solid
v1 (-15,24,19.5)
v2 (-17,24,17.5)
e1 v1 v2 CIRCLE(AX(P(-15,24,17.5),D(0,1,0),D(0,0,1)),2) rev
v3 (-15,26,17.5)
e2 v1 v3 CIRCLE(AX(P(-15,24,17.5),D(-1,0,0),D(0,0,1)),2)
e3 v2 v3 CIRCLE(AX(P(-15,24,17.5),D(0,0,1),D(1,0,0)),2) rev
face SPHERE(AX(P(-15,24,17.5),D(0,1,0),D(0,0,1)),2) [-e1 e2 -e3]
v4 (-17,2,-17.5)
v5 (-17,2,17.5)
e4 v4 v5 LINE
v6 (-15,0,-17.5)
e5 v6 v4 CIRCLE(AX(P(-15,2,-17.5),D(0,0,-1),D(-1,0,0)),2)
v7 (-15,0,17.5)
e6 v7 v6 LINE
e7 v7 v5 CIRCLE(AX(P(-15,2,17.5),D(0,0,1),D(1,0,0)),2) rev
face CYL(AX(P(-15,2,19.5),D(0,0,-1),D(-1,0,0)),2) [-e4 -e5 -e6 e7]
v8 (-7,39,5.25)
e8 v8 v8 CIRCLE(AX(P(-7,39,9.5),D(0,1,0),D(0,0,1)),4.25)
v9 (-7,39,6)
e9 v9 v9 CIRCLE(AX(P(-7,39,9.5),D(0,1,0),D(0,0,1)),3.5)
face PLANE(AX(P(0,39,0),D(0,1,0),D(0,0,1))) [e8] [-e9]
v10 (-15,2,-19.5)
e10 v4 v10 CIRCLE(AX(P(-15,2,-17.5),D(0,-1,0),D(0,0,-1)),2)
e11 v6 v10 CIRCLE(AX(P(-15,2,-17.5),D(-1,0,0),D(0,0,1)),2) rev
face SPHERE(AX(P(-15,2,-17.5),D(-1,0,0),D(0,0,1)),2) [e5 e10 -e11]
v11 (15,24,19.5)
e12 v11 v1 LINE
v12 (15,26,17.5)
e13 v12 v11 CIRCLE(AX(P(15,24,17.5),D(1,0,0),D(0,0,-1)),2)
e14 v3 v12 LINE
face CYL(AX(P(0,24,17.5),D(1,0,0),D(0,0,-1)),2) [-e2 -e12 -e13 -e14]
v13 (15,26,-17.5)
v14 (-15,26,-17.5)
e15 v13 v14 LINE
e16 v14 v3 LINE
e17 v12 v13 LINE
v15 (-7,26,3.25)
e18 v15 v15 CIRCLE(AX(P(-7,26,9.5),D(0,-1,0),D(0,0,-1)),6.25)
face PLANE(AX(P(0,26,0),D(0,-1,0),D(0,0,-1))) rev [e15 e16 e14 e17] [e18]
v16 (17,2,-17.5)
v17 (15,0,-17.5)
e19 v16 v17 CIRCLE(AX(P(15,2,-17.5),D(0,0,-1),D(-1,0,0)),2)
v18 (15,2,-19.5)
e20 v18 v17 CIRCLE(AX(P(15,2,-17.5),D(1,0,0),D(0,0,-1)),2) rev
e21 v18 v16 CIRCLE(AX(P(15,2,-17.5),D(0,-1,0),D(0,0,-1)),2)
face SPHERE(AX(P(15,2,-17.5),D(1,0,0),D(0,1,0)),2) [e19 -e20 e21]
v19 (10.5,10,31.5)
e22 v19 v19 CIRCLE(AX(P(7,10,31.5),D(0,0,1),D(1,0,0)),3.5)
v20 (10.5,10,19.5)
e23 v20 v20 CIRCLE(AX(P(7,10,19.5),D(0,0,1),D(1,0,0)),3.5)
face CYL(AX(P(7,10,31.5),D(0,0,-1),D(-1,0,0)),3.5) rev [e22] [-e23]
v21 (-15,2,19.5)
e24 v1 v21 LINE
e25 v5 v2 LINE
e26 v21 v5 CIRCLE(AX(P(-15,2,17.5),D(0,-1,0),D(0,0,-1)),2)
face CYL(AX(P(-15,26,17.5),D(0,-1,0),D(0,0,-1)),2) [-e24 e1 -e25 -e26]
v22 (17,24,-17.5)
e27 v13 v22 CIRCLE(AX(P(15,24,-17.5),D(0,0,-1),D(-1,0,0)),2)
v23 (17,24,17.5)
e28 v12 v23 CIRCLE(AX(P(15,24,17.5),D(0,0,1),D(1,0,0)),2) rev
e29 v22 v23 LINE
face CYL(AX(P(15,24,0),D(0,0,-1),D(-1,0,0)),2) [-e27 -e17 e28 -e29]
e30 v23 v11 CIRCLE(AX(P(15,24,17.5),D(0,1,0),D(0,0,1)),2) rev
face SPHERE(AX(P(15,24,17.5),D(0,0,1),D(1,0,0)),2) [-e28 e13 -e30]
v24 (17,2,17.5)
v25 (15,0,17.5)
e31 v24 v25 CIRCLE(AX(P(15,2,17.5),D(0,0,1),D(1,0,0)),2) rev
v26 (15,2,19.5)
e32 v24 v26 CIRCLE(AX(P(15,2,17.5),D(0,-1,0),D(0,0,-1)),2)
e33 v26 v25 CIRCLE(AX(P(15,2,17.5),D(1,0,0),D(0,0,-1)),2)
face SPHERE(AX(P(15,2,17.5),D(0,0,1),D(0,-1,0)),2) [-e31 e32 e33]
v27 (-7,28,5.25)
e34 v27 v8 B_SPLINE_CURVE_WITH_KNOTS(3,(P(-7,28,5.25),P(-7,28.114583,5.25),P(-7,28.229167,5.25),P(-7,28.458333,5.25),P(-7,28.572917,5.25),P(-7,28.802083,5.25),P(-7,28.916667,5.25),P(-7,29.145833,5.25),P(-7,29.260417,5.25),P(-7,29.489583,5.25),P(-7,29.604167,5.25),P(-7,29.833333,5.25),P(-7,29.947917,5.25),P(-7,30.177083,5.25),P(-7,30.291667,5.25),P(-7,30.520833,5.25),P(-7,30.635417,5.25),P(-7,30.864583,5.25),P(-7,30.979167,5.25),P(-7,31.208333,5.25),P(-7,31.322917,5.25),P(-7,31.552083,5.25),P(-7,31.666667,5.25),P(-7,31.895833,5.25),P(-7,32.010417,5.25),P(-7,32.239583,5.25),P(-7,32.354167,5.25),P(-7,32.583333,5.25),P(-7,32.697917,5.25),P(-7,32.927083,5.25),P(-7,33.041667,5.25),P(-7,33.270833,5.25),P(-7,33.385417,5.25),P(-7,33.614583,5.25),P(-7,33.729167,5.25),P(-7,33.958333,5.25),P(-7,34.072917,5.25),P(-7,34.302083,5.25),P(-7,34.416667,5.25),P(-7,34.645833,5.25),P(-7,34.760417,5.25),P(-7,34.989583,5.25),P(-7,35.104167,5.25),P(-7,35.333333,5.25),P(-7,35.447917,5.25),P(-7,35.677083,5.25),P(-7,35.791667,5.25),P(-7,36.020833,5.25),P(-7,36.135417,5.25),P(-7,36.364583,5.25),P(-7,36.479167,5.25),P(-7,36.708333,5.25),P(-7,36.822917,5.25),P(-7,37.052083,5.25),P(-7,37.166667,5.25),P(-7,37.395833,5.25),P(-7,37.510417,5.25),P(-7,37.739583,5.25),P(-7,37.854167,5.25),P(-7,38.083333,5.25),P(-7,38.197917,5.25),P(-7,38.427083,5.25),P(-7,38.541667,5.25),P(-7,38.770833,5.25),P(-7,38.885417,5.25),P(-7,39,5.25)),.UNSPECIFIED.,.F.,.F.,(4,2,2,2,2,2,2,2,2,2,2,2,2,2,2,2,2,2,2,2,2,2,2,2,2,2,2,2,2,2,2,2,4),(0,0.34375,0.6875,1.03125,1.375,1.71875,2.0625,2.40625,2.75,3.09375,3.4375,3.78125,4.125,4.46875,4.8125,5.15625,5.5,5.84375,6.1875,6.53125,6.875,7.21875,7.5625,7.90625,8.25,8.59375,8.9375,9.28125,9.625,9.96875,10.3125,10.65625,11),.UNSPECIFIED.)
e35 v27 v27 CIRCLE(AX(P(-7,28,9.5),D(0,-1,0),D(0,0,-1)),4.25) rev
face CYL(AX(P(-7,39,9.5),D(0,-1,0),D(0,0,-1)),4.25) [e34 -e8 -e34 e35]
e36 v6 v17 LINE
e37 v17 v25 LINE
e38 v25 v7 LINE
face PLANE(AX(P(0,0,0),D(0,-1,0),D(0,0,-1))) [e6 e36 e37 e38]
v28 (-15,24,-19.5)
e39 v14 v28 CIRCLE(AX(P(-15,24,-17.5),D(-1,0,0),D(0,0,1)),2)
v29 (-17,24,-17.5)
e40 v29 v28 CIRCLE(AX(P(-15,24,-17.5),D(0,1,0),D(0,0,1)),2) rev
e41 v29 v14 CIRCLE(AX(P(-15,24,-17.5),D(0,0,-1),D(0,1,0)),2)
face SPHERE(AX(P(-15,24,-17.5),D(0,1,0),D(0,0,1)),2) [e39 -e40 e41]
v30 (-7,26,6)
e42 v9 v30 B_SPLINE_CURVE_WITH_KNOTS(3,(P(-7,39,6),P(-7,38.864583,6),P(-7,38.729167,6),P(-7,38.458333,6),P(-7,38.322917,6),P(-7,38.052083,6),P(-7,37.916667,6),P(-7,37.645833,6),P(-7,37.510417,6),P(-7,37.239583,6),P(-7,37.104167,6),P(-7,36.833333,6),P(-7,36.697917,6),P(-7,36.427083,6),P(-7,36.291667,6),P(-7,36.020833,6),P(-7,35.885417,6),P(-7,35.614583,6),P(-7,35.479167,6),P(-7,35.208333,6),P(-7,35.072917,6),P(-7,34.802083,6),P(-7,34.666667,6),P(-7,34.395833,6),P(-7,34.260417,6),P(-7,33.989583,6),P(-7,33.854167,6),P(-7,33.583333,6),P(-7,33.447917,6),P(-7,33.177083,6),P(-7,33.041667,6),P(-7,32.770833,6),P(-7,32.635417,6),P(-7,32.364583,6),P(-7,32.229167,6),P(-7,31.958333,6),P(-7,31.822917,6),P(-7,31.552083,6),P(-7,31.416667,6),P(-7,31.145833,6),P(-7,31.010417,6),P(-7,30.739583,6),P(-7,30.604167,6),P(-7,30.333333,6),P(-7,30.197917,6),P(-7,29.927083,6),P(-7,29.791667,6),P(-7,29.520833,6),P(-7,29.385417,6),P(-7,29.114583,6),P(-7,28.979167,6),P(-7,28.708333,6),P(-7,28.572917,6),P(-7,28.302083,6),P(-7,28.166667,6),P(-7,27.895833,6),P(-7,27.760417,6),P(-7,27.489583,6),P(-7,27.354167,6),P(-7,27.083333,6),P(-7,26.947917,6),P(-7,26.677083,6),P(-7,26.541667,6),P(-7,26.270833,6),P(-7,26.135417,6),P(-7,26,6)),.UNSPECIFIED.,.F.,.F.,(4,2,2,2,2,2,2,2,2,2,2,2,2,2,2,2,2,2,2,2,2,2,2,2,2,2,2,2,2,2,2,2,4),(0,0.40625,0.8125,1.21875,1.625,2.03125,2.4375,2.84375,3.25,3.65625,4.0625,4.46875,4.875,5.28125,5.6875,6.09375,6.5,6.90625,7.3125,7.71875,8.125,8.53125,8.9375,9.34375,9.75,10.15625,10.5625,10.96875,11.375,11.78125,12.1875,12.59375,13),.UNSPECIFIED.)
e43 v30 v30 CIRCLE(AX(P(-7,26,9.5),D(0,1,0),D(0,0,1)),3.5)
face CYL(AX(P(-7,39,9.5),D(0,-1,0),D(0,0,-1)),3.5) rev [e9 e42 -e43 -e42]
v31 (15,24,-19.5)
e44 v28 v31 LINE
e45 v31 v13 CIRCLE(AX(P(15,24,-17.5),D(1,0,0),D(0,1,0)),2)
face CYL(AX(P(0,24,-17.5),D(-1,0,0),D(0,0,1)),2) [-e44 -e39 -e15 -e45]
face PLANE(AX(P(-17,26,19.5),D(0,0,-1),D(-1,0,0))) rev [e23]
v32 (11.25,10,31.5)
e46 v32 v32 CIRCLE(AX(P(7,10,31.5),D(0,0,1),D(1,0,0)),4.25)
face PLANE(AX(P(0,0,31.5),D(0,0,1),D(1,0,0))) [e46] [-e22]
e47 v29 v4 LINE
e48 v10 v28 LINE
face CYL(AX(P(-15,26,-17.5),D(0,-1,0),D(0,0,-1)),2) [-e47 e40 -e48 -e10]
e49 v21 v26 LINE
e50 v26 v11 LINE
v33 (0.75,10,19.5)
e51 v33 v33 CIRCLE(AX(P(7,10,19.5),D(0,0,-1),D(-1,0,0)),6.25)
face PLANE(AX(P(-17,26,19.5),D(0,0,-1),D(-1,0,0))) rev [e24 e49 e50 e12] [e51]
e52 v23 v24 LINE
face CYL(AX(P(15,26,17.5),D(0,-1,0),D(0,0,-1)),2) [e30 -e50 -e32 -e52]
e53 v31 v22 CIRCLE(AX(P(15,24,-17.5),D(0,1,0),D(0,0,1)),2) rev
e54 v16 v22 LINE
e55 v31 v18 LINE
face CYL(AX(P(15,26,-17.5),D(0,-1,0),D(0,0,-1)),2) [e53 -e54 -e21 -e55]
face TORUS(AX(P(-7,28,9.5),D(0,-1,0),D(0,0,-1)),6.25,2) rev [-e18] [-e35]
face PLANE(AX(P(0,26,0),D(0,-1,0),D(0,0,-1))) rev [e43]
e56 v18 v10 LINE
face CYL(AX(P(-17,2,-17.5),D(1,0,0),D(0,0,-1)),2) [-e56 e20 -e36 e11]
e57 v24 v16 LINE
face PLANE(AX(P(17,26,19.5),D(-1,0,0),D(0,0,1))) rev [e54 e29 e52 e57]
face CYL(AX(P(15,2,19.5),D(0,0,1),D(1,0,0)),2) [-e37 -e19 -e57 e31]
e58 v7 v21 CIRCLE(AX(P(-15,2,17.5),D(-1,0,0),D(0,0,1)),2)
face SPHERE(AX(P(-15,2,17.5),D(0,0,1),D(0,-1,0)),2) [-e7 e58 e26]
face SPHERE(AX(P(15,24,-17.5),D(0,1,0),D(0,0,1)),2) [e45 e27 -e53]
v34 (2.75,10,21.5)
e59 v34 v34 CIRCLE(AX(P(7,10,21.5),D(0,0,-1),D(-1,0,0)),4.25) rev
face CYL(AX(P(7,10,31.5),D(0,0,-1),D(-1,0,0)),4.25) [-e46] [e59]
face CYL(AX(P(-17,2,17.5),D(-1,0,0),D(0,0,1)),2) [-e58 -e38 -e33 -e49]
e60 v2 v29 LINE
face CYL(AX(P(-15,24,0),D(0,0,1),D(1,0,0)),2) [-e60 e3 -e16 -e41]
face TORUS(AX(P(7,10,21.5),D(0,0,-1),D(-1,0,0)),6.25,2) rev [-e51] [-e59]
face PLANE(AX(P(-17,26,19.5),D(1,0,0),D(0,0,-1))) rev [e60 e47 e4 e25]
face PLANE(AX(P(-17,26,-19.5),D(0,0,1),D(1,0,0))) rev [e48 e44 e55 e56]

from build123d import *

# Parameters (mm, degrees)
SKETCH1_W           = 34
SKETCH1_H           = 39
BOSS_EXTRUDE1_DEPTH = 26
SKETCH2_R           = 4.25
SKETCH2_R_2         = 3.5
BOSS_EXTRUDE2_DEPTH = 13
SKETCH3_R           = 4.25
SKETCH3_R_2         = 3.5
BOSS_EXTRUDE4_DEPTH = 12
FILLET1_R           = 2
FILLET3_R           = 2
SKETCH5_R           = 2.5
BOSS_EXTRUDE5_DEPTH = 2


with BuildPart() as part:
    # Sketch1 → Boss-Extrude1 (new body)
    with BuildSketch(Plane(origin=(0, 0, 0), x_dir=(1, 0, 0), z_dir=(0, 1, 0))):
        Rectangle(SKETCH1_W, SKETCH1_H)
    extrude(amount=BOSS_EXTRUDE1_DEPTH)

    # Sketch2 → Boss-Extrude2 (add)
    with BuildSketch(Plane(origin=(0, 26, 0), x_dir=(1, 0, 0), z_dir=(0, 1, 0))):
        with Locations(Location((-7, -9.5, 0), (0, 0, 90))):
            Circle(SKETCH2_R)
        with Locations(Location((-7, -9.5, 0), (0, 0, 90))):
            Circle(SKETCH2_R_2, mode=Mode.SUBTRACT)
    extrude(amount=BOSS_EXTRUDE2_DEPTH)

    # Sketch3 → Boss-Extrude4 (add)
    with BuildSketch(Plane.XY.offset(19.5)):
        with Locations(Location((7, 10, 0), (0, 0, 180))):
            Circle(SKETCH3_R)
        with Locations((7, 10)):
            Circle(SKETCH3_R_2, mode=Mode.SUBTRACT)
    extrude(amount=BOSS_EXTRUDE4_DEPTH)

    # Fillet1
    fillet1_edges = [part.edges().sort_by_distance(p)[0] for p in [
        (-17, 26, 0),
        (0, 26, 19.5),
        (17, 26, 0),
        (0, 0, 19.5),
        (-17, 0, 0),
        (0, 0, -19.5),
        (17, 0, 0),
        (17, 13, 19.5),
        (-17, 13, 19.5),
        (-17, 13, -19.5),
        (17, 13, -19.5),
        (0, 26, -19.5),
    ]]
    fillet(fillet1_edges, radius=FILLET1_R)

    # Fillet3
    fillet3_edges = [part.edges().sort_by_distance(p)[0] for p in [
        (-7, 26, 13.75),
        (11.25, 10, 19.5),
    ]]
    fillet(fillet3_edges, radius=FILLET3_R)

    # Sketch5 → Boss-Extrude5 (add)
    with BuildSketch(Plane.XZ):
        Polygon((-15, -6), (-15, 0), (-15, 6), (-27, 6), (-27, -6), align=None)
        with Locations((-22.5, 0)):
            Circle(SKETCH5_R, mode=Mode.SUBTRACT)
        Polygon((15, 6), (15, 0), (15, -6), (27, -6), (27, 6), align=None)
        with BuildLine():
            ThreePointArc((25, 0), (22.5, -2.5), (20, 0))
            ThreePointArc((20, 0), (22.5, 2.5), (25, 0))
        make_face(mode=Mode.SUBTRACT)
    extrude(amount=BOSS_EXTRUDE5_DEPTH)


with BuildPart() as boss_extrude5_kept_piece:
    # of the separate pieces the step leaves, the one the design keeps (boss_extrude5_pieces_kept)
    add(part.part.solids().sort_by_distance((0.75, 10, 19.5))[0])


solid = boss_extrude5_kept_piece.part
